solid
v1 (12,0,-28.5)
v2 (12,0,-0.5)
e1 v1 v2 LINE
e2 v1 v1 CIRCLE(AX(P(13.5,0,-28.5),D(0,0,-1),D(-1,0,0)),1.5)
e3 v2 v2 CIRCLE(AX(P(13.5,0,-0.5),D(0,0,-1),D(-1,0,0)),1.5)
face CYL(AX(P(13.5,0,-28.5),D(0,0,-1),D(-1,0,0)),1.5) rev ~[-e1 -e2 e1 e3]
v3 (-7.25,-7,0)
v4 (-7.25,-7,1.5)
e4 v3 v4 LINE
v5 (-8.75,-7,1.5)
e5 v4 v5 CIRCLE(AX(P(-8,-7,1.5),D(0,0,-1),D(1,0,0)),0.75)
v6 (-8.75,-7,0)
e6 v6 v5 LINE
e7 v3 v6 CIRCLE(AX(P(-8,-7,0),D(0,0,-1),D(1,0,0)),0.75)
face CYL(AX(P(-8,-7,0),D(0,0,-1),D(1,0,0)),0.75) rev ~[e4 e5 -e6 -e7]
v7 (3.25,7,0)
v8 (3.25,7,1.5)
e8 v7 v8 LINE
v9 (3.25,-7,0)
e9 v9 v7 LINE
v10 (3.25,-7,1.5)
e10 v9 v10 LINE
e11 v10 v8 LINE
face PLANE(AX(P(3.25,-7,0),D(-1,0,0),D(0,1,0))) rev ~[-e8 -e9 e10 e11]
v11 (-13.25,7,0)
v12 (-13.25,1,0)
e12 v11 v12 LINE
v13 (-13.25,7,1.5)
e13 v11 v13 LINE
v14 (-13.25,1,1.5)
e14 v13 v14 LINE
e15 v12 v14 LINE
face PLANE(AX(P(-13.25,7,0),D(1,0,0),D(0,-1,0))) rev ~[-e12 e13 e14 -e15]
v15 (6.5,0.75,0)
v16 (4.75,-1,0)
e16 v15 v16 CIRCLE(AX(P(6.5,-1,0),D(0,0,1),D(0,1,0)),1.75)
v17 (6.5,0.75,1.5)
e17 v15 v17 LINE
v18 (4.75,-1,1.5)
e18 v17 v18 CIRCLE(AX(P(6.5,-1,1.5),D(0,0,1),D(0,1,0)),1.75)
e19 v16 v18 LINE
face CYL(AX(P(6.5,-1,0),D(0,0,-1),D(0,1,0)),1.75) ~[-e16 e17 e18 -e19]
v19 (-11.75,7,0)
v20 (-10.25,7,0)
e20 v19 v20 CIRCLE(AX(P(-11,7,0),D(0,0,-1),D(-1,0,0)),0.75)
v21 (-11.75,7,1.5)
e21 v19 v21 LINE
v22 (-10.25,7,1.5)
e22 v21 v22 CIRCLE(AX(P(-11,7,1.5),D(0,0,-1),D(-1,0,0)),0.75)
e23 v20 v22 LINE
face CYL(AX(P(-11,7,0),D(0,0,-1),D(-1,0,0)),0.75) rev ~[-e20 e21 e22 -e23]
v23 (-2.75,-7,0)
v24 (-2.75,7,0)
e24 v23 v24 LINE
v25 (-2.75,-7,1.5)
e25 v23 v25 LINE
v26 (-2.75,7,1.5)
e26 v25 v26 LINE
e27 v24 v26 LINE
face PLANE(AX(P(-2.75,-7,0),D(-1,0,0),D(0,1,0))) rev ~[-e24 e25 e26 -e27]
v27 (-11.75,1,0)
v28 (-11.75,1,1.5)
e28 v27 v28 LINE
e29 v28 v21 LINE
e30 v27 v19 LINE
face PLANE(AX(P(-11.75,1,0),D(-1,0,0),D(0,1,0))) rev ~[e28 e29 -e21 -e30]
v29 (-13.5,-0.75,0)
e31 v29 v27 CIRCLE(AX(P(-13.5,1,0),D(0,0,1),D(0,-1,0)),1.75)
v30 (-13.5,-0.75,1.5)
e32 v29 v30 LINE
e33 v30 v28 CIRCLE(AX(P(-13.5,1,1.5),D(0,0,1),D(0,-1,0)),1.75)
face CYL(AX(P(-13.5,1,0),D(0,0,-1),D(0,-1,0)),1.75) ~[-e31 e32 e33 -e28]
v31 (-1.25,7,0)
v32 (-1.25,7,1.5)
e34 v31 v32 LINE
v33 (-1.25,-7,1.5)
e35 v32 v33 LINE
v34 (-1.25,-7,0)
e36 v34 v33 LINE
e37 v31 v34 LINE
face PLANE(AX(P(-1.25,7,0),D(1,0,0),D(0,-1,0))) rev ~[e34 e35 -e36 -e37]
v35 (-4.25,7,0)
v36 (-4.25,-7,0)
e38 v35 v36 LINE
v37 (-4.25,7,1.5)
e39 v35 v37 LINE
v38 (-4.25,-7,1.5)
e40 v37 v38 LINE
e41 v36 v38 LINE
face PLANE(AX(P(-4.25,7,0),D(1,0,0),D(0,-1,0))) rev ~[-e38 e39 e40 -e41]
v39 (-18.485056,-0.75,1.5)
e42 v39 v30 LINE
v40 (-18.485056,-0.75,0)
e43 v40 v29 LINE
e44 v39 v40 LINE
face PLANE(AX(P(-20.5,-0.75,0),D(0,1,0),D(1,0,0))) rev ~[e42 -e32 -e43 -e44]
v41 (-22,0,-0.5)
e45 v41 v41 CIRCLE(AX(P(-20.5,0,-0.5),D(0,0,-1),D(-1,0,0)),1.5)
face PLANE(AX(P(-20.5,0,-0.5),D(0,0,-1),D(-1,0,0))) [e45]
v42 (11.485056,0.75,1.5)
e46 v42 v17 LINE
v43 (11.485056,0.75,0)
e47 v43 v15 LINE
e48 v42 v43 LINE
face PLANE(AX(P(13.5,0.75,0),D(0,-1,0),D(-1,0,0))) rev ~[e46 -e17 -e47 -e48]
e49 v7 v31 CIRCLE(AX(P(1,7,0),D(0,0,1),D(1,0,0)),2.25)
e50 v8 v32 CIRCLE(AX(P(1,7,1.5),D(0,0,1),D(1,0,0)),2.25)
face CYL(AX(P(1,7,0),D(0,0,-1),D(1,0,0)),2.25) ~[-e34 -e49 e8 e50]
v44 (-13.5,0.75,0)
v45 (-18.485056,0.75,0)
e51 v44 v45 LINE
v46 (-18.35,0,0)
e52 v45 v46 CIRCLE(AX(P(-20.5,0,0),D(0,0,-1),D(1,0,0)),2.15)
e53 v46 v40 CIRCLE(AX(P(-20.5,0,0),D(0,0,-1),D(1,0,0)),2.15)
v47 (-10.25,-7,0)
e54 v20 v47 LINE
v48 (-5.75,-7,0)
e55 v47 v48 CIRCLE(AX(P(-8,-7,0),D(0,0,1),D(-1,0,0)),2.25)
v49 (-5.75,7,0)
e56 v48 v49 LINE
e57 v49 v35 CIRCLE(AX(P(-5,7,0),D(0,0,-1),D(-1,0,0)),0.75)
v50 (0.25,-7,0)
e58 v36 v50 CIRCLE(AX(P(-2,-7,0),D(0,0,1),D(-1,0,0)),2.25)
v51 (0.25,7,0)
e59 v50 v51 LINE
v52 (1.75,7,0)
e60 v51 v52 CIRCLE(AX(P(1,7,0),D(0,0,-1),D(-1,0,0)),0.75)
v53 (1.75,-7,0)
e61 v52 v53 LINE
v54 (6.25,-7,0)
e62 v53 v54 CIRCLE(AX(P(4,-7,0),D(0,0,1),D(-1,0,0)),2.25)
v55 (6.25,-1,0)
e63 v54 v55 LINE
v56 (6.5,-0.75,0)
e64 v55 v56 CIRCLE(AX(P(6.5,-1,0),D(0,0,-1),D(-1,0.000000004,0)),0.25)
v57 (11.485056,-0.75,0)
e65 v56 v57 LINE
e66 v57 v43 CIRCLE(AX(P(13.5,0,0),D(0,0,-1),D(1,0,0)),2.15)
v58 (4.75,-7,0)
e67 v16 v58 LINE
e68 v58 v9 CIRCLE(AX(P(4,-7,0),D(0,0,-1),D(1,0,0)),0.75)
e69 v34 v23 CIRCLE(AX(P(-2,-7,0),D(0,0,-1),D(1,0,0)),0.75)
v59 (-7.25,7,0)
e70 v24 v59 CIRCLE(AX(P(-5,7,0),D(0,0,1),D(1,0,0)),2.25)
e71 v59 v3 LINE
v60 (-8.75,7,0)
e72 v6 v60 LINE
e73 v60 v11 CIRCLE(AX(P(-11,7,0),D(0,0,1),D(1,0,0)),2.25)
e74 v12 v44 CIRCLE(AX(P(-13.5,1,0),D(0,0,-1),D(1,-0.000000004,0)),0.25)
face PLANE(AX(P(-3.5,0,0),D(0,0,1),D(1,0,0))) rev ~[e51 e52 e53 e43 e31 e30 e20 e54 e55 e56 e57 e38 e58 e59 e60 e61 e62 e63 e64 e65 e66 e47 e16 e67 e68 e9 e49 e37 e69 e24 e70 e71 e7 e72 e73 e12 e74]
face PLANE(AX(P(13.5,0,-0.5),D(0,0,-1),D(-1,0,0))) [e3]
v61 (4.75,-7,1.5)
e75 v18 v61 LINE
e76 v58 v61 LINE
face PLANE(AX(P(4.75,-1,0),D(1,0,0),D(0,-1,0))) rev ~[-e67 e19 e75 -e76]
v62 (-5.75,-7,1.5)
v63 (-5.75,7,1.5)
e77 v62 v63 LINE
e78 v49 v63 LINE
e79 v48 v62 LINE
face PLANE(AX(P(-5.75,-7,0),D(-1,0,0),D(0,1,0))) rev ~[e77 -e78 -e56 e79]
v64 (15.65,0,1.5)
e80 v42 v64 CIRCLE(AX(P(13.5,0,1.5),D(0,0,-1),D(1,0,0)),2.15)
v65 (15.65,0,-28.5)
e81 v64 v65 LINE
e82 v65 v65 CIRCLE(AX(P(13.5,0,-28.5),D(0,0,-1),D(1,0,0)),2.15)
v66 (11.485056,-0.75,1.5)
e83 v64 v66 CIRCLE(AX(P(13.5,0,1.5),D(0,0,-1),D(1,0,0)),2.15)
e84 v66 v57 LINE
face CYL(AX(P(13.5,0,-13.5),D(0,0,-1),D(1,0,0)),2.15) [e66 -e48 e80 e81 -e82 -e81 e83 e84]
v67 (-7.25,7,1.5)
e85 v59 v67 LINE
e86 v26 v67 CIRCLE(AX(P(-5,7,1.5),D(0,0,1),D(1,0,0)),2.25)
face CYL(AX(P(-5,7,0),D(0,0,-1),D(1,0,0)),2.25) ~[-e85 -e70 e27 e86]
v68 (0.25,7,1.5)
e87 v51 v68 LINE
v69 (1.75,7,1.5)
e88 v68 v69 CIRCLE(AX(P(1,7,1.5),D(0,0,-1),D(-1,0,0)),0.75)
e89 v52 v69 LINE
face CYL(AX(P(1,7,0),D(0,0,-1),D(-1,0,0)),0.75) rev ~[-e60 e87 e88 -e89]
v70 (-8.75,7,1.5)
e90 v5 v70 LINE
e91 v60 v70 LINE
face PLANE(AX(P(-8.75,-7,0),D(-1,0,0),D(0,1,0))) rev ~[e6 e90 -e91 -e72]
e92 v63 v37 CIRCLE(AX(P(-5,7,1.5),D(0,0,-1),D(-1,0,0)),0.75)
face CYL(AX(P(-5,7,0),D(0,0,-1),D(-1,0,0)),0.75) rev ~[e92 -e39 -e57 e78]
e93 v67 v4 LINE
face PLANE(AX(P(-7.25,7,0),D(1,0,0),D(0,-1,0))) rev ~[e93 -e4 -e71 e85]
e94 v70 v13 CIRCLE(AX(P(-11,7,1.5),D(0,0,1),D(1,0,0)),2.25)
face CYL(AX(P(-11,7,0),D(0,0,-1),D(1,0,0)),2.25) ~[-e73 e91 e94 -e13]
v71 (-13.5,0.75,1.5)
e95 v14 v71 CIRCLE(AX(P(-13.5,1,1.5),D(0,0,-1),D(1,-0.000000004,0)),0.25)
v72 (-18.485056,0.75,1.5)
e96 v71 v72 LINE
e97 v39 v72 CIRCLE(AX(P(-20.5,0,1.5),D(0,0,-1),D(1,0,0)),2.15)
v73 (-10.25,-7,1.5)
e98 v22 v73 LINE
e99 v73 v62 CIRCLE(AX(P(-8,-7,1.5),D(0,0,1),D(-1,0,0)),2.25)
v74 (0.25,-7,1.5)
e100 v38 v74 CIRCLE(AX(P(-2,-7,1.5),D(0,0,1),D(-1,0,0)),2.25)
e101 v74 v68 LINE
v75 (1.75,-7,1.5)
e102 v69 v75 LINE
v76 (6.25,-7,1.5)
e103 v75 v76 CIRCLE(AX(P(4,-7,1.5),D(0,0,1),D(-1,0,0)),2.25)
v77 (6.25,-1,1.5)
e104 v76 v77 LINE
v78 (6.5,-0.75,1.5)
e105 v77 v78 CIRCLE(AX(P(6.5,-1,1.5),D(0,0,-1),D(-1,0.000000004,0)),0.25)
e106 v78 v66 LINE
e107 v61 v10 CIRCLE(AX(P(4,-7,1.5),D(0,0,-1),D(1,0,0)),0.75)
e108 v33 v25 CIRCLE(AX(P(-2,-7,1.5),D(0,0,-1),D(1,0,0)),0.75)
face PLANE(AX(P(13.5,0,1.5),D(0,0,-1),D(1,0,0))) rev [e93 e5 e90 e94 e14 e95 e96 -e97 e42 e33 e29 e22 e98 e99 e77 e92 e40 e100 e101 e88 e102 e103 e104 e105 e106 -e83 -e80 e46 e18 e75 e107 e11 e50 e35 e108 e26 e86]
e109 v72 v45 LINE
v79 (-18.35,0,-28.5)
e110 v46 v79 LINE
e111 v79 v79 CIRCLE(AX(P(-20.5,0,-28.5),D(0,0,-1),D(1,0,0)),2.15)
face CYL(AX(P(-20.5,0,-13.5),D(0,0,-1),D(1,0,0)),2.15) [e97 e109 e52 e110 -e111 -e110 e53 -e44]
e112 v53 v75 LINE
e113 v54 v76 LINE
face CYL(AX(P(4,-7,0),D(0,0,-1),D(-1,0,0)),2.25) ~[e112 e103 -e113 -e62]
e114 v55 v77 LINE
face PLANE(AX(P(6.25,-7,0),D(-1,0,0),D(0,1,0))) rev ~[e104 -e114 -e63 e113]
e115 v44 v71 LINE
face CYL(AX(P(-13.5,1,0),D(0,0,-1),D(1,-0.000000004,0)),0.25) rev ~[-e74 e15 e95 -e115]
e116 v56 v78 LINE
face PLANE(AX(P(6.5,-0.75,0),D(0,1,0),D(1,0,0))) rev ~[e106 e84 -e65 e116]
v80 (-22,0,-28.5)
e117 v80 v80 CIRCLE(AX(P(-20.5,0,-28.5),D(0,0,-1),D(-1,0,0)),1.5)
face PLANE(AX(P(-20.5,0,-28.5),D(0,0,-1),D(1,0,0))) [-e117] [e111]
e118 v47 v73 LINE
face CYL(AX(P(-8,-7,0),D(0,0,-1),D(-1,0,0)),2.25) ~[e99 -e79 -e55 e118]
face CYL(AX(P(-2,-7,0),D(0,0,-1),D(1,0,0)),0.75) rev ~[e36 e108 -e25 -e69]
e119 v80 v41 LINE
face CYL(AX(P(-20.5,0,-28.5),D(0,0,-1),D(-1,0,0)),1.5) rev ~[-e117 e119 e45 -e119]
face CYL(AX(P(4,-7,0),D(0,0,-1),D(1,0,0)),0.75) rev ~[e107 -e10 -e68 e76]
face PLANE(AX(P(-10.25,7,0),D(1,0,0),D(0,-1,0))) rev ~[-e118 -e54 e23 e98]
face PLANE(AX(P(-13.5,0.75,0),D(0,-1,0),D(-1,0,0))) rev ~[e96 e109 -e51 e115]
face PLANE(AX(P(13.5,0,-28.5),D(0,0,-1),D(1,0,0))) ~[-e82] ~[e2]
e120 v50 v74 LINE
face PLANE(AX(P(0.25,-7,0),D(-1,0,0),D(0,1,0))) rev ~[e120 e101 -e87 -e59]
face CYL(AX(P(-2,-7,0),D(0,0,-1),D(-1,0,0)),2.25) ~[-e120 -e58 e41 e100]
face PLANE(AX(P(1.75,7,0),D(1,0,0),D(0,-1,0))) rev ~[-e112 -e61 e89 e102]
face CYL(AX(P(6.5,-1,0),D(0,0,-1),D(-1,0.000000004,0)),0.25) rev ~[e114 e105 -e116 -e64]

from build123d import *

# Parameters (mm, degrees)
BOSS_EXTRUDE1_DEPTH = 1.5
SKETCH3_W           = 2.15
SKETCH3_H           = 30
SKETCH4_W           = 2.15
SKETCH4_H           = 30
SKETCH5_R           = 1.5
CUT_EXTRUDE1_DEPTH  = 28


with BuildPart() as part:
    # Sketch2 → Boss-Extrude1 (new body)
    with BuildSketch(Plane.XY):
        with BuildLine():
            Line((-20.5, -0.75), (-13.5, -0.75))
            ThreePointArc((-13.5, -0.75), (-12.262563133, -0.237436867), (-11.75, 1))
            Line((-11.75, 1), (-11.75, 7))
            ThreePointArc((-11.75, 7), (-11, 7.75), (-10.25, 7))
            Line((-10.25, 7), (-10.25, 0))
            Line((-10.25, 0), (-10.25, -7))
            ThreePointArc((-10.25, -7), (-8, -9.25), (-5.75, -7))
            Line((-5.75, -7), (-5.75, 0))
            Line((-5.75, 0), (-5.75, 7))
            ThreePointArc((-5.75, 7), (-5, 7.75), (-4.25, 7))
            Line((-4.25, 7), (-4.25, 0))
            Line((-4.25, 0), (-4.25, -7))
            ThreePointArc((-4.25, -7), (-2, -9.25), (0.25, -7))
            Line((0.25, -7), (0.25, 0))
            Line((0.25, 0), (0.25, 7))
            ThreePointArc((0.25, 7), (1, 7.75), (1.75, 7))
            Line((1.75, 7), (1.75, 0))
            Line((1.75, 0), (1.75, -7))
            ThreePointArc((1.75, -7), (4, -9.25), (6.25, -7))
            Line((6.25, -7), (6.25, -1))
            ThreePointArc((6.25, -1), (6.323223305, -0.823223305), (6.5, -0.75))
            Line((6.5, -0.75), (13.5, -0.75))
            ThreePointArc((13.5, -0.75), (14.25, 0), (13.5, 0.75))
            Line((13.5, 0.75), (6.5, 0.75))
            ThreePointArc((6.5, 0.75), (5.262563133, 0.237436867), (4.75, -1))
            Line((4.75, -1), (4.75, -7))
            ThreePointArc((4.75, -7), (4, -7.75), (3.25, -7))
            Line((3.25, -7), (3.25, 0))
            Line((3.25, 0), (3.25, 7))
            ThreePointArc((3.25, 7), (1, 9.25), (-1.25, 7))
            Line((-1.25, 7), (-1.25, 0))
            Line((-1.25, 0), (-1.25, -7))
            ThreePointArc((-1.25, -7), (-2, -7.75), (-2.75, -7))
            Line((-2.75, -7), (-2.75, 0))
            Line((-2.75, 0), (-2.75, 7))
            ThreePointArc((-2.75, 7), (-5, 9.25), (-7.25, 7))
            Line((-7.25, 7), (-7.25, 0))
            Line((-7.25, 0), (-7.25, -7))
            ThreePointArc((-7.25, -7), (-8, -7.75), (-8.75, -7))
            Line((-8.75, -7), (-8.75, 0))
            Line((-8.75, 0), (-8.75, 7))
            ThreePointArc((-8.75, 7), (-11, 9.25), (-13.25, 7))
            Line((-13.25, 7), (-13.25, 1))
            ThreePointArc((-13.25, 1), (-13.323223305, 0.823223305), (-13.5, 0.75))
            Line((-13.5, 0.75), (-20.5, 0.75))
            ThreePointArc((-20.5, 0.75), (-21.25, 0), (-20.5, -0.75))
        make_face()
    extrude(amount=BOSS_EXTRUDE1_DEPTH)

    # Sketch3 → Revolve1 (revolve)
    with BuildSketch(Plane(origin=(0, 0, 0), x_dir=(1, 0, 0), z_dir=(0, 1, 0)), mode=Mode.PRIVATE) as revolve1_sk:
        with Locations((-21.575, 13.5)):
            Rectangle(SKETCH3_W, SKETCH3_H)
    revolve(revolve1_sk.sketch.rotate(Axis((-20.5, 0, 1.5), (0, 0, -1)), 180), axis=Axis((-20.5, 0, 1.5), (0, 0, -1)))

    # Sketch4 → Revolve2 (revolve)
    with BuildSketch(Plane(origin=(0, 0, 0), x_dir=(1, 0, 0), z_dir=(0, 1, 0))):
        with Locations((14.575, 13.5)):
            Rectangle(SKETCH4_W, SKETCH4_H)
    revolve(axis=Axis((13.5, 0, 1.5), (0, 0, -1)))

    # Sketch5 → Cut-Extrude1 (cut)
    with BuildSketch(Plane(origin=(0, 0, -28.5), x_dir=(-1, 0, 0), z_dir=(0, 0, -1))):
        with Locations((20.5, 0)):
            Circle(SKETCH5_R)
        with Locations((-13.5, 0)):
            Circle(SKETCH5_R)
    extrude(amount=-CUT_EXTRUDE1_DEPTH, mode=Mode.SUBTRACT)


solid = part.part
